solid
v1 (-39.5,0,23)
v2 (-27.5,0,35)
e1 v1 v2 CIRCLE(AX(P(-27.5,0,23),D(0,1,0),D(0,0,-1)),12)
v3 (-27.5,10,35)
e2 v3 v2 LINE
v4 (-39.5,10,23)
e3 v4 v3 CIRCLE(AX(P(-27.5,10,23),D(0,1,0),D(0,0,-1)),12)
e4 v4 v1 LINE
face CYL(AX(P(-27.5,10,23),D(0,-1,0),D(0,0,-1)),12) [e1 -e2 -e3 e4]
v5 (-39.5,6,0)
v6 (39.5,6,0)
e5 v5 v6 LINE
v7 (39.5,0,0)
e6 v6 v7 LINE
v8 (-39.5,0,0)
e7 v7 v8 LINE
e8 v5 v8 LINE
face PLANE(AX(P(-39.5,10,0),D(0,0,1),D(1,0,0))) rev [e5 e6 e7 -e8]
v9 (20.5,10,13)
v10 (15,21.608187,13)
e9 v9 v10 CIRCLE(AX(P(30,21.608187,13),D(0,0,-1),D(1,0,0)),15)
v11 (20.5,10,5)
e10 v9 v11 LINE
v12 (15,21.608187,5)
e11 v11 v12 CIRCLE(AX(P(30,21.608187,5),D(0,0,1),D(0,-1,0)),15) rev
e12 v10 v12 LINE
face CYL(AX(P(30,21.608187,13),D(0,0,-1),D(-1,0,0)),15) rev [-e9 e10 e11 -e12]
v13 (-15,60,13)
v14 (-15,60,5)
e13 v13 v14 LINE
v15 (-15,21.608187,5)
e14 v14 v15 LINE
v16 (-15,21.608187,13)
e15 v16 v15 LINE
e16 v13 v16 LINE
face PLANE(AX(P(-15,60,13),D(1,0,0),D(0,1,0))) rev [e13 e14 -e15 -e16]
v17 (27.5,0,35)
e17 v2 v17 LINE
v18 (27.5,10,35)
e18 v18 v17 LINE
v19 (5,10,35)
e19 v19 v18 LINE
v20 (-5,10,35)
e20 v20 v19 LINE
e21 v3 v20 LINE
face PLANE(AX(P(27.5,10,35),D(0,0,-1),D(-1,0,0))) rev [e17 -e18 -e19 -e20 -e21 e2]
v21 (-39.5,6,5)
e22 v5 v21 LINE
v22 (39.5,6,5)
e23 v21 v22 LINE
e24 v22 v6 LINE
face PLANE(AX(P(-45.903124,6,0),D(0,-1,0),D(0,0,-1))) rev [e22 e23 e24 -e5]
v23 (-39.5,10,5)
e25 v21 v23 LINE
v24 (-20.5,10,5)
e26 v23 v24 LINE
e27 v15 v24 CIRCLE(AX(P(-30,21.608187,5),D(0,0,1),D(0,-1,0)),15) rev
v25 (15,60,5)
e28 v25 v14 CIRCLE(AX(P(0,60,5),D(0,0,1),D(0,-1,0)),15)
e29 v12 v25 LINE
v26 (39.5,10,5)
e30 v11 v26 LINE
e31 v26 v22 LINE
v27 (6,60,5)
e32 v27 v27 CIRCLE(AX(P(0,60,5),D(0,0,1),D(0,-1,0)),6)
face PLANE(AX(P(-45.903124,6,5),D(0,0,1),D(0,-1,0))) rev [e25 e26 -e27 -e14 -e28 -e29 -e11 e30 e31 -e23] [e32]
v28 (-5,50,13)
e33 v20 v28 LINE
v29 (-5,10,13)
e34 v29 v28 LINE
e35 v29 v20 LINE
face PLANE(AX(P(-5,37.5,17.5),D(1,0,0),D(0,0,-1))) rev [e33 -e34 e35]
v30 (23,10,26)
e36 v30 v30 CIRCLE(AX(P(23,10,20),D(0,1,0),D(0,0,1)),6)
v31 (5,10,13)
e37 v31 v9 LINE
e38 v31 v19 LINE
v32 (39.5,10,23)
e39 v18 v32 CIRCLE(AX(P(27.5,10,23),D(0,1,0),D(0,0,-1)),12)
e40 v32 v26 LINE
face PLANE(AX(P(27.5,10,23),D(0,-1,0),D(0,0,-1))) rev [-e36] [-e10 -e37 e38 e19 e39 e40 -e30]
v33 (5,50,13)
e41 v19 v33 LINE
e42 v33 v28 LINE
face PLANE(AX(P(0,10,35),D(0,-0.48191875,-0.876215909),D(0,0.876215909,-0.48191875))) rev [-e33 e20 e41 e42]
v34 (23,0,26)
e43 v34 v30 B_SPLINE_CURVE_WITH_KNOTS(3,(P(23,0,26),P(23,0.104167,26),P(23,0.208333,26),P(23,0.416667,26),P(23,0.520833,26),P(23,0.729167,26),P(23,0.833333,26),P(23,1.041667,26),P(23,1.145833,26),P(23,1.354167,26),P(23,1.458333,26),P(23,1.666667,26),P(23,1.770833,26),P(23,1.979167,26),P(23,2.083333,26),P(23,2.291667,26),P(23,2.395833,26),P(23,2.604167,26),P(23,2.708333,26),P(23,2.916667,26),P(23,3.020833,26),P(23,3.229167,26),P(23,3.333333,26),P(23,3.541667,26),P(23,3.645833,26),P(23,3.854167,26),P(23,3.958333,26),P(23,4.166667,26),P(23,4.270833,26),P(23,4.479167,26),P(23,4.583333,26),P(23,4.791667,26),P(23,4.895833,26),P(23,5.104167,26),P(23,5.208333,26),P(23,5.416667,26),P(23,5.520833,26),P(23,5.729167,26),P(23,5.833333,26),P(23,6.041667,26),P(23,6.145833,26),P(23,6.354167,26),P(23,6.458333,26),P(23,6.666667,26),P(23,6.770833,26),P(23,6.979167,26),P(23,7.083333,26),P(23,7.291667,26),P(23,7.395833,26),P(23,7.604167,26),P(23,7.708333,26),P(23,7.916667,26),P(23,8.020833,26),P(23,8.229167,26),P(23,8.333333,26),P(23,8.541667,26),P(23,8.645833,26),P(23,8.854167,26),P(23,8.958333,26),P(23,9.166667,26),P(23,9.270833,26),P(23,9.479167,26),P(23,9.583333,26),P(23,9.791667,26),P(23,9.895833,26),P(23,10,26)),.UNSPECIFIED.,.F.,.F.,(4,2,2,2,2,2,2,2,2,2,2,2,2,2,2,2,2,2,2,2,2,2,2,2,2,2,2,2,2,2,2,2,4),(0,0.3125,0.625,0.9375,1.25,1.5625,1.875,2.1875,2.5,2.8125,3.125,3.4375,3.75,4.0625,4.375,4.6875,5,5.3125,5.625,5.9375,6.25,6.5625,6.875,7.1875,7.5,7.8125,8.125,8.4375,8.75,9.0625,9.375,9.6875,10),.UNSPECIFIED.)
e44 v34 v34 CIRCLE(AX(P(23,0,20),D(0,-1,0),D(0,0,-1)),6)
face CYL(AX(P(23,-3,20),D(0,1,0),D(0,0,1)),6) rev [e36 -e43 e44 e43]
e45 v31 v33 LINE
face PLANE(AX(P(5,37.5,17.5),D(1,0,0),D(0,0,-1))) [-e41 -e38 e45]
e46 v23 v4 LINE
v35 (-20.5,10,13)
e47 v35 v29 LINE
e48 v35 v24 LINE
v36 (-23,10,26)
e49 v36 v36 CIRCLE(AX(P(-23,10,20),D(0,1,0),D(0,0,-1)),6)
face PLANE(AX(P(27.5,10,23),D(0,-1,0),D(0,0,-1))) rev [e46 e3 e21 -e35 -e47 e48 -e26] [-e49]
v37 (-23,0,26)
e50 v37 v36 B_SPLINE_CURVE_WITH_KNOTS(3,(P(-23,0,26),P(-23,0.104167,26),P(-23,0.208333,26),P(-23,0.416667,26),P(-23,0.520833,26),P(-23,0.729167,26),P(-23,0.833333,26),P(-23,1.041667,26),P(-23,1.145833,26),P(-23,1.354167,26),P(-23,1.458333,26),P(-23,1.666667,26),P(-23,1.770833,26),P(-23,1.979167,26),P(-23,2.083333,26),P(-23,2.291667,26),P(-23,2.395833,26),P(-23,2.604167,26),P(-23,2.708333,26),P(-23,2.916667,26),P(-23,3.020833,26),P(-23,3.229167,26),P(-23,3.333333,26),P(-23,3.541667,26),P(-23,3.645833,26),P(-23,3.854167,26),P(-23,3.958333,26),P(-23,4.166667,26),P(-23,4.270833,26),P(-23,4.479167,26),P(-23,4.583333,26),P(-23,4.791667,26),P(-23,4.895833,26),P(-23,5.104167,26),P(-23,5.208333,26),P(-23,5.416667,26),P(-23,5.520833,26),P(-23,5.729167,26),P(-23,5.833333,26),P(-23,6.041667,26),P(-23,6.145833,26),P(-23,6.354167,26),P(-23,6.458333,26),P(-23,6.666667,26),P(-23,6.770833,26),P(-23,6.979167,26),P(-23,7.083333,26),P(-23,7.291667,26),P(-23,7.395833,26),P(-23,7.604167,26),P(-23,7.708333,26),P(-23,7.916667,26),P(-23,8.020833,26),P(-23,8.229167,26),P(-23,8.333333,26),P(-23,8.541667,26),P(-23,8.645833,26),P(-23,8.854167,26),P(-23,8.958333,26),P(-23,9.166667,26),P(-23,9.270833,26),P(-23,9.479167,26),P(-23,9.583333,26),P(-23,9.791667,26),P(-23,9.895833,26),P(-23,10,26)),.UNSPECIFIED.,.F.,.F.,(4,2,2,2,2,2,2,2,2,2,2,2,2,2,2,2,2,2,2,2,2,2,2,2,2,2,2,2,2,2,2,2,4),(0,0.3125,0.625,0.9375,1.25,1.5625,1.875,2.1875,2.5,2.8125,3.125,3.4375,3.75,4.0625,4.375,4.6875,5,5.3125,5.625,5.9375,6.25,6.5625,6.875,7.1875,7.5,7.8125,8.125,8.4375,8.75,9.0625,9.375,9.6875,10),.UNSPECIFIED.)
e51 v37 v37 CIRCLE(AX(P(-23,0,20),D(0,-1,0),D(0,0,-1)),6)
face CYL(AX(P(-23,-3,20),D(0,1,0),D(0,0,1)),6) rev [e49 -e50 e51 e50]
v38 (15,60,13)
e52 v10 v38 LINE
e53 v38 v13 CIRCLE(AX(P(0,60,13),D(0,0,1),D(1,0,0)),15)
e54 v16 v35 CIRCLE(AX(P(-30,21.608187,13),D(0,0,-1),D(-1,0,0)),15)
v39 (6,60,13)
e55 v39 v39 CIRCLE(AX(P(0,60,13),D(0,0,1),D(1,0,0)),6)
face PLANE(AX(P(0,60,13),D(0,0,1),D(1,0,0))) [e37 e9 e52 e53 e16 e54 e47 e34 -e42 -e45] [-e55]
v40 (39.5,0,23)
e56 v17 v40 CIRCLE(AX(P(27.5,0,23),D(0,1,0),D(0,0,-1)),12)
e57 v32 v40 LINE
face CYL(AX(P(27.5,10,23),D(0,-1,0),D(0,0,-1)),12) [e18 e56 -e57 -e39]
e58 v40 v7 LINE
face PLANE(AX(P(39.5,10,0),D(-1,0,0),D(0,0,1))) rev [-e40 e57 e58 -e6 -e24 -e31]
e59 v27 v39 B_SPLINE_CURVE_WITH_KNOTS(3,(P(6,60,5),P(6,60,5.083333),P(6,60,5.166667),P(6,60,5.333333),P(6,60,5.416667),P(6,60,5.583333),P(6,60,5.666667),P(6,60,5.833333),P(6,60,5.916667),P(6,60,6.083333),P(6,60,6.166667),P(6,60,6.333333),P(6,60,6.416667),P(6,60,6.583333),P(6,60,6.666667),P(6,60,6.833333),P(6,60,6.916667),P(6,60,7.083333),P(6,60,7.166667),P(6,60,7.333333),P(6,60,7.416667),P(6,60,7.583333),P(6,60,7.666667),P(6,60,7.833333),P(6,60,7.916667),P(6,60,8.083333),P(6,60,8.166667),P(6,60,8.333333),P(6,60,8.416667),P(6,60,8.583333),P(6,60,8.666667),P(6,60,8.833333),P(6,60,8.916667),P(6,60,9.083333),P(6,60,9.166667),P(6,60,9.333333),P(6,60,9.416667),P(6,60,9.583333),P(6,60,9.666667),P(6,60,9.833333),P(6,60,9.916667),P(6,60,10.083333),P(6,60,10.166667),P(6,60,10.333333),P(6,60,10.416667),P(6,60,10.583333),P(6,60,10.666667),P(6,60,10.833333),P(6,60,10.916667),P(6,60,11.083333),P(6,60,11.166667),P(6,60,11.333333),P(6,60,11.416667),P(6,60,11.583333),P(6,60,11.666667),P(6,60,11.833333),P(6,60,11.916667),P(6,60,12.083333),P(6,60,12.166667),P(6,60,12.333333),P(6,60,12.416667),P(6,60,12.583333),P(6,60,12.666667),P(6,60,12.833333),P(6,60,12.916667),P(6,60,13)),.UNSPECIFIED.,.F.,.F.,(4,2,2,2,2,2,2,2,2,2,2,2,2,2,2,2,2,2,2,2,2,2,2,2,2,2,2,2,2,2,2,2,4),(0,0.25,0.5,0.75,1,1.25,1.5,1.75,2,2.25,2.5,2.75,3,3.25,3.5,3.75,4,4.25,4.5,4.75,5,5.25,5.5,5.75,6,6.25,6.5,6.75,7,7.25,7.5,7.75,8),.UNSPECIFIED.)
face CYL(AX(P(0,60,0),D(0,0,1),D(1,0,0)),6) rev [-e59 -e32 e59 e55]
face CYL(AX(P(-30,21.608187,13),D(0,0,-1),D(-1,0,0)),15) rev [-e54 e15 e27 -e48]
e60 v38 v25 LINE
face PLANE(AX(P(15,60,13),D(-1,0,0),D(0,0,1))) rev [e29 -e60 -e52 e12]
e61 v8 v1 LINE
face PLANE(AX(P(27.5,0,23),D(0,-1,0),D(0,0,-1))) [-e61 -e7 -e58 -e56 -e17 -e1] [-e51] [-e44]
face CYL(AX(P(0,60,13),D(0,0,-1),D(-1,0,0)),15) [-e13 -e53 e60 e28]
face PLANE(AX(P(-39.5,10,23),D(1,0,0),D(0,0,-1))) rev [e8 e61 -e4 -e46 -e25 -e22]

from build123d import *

# Parameters (mm, degrees)
BOSS_EXTRUDE1_DEPTH     = 10
SKETCH2_W               = 5
SKETCH2_H               = 4
CUT_EXTRUDE1_DEPTH      = 79
BOSS_EXTRUDE2_DEPTH     = 13
CUT_EXTRUDE2_DEPTH      = 100.097174531
CUT_EXTRUDE2_DEPTH_BACK = 100.097174531
SKETCH6_W               = 5
SKETCH6_H               = 65
SKETCH7_R               = 6
CUT_EXTRUDE3_DEPTH      = 13
RIB1_REACH              = 93.707
SKETCH8_WALL_W          = 231.065679212
SKETCH8_WALL_H          = 10
SKETCH9_R               = 6
CUT_EXTRUDE4_DEPTH      = 13


with BuildPart() as part:
    # Sketch1 → Boss-Extrude1 (new body)
    with BuildSketch(Plane(origin=(0, 0, 0), x_dir=(1, 0, 0), z_dir=(0, 1, 0))):
        with BuildLine():
            Line((-39.5, 0), (39.5, 0))
            Line((39.5, 0), (39.5, -23))
            ThreePointArc((39.5, -23), (35.985281374, -31.485281374), (27.5, -35))
            Line((27.5, -35), (-27.5, -35))
            ThreePointArc((-27.5, -35), (-35.985281374, -31.485281374), (-39.5, -23))
            Line((-39.5, -23), (-39.5, 0))
        make_face()
    extrude(amount=BOSS_EXTRUDE1_DEPTH)

    # Sketch2 → Cut-Extrude1 (cut)
    with BuildSketch(Plane(origin=(39.5, 0, 0), x_dir=(0, 0, -1), z_dir=(1, 0, 0))):
        with Locations((-2.5, 8)):
            Rectangle(SKETCH2_W, SKETCH2_H)
    extrude(amount=-CUT_EXTRUDE1_DEPTH, mode=Mode.SUBTRACT)

    # Sketch5 → Boss-Extrude2 (add)
    with BuildSketch(Plane.XY):
        with BuildLine():
            Line((-15, 60), (-15, 21.608186766))
            ThreePointArc((-15, 21.608186766), (-16.444558288, 15.185570477), (-20.5, 10))
            Line((-20.5, 10), (20.5, 10))
            ThreePointArc((20.5, 10), (16.444558288, 15.185570477), (15, 21.608186766))
            Line((15, 21.608186766), (15, 60))
            ThreePointArc((15, 60), (0, 75), (-15, 60))
        make_face()
    extrude(amount=BOSS_EXTRUDE2_DEPTH)

    # Sketch6 → Cut-Extrude2 (cut, two sides: drawn at the far end of the back side and taken through both)
    with BuildSketch(Plane(origin=(15, 0, 0), x_dir=(0, 0, -1), z_dir=(1, 0, 0)).offset(-CUT_EXTRUDE2_DEPTH_BACK)):
        with Locations((-2.5, 42.5)):
            Rectangle(SKETCH6_W, SKETCH6_H)
    extrude(amount=CUT_EXTRUDE2_DEPTH + CUT_EXTRUDE2_DEPTH_BACK, mode=Mode.SUBTRACT)

    # Sketch7 → Cut-Extrude3 (cut)
    with BuildSketch(Plane.XY.offset(13)):
        with Locations((0, 60)):
            Circle(SKETCH7_R)
    extrude(amount=-CUT_EXTRUDE3_DEPTH, mode=Mode.SUBTRACT)

    # Sketch8 wall → Rib1 (add, up to next)
    with BuildSketch(Plane(origin=(0, 30, 24), x_dir=(0, 0.876215908677, -0.481918749772), z_dir=(0, 0.481918749772, 0.876215908677)), mode=Mode.PRIVATE) as rib1_sk1:
        Rectangle(SKETCH8_WALL_W, SKETCH8_WALL_H)
    rib1_tool1 = extrude(rib1_sk1.sketch, amount=-RIB1_REACH, mode=Mode.PRIVATE) - part.part
    add(rib1_tool1.solids().sort_by_distance((0, 30, 24))[0])

    # Sketch9 → Cut-Extrude4 (cut)
    with BuildSketch(Plane(origin=(0, 10, 0), x_dir=(1, 0, 0), z_dir=(0, 1, 0))):
        with Locations(Location((23, -20, 0), (0, 0, 270))):
            Circle(SKETCH9_R)
        with Locations(Location((-23, -20, 0), (0, 0, 270))):
            Circle(SKETCH9_R)
    extrude(amount=-CUT_EXTRUDE4_DEPTH, mode=Mode.SUBTRACT)


solid = part.part
